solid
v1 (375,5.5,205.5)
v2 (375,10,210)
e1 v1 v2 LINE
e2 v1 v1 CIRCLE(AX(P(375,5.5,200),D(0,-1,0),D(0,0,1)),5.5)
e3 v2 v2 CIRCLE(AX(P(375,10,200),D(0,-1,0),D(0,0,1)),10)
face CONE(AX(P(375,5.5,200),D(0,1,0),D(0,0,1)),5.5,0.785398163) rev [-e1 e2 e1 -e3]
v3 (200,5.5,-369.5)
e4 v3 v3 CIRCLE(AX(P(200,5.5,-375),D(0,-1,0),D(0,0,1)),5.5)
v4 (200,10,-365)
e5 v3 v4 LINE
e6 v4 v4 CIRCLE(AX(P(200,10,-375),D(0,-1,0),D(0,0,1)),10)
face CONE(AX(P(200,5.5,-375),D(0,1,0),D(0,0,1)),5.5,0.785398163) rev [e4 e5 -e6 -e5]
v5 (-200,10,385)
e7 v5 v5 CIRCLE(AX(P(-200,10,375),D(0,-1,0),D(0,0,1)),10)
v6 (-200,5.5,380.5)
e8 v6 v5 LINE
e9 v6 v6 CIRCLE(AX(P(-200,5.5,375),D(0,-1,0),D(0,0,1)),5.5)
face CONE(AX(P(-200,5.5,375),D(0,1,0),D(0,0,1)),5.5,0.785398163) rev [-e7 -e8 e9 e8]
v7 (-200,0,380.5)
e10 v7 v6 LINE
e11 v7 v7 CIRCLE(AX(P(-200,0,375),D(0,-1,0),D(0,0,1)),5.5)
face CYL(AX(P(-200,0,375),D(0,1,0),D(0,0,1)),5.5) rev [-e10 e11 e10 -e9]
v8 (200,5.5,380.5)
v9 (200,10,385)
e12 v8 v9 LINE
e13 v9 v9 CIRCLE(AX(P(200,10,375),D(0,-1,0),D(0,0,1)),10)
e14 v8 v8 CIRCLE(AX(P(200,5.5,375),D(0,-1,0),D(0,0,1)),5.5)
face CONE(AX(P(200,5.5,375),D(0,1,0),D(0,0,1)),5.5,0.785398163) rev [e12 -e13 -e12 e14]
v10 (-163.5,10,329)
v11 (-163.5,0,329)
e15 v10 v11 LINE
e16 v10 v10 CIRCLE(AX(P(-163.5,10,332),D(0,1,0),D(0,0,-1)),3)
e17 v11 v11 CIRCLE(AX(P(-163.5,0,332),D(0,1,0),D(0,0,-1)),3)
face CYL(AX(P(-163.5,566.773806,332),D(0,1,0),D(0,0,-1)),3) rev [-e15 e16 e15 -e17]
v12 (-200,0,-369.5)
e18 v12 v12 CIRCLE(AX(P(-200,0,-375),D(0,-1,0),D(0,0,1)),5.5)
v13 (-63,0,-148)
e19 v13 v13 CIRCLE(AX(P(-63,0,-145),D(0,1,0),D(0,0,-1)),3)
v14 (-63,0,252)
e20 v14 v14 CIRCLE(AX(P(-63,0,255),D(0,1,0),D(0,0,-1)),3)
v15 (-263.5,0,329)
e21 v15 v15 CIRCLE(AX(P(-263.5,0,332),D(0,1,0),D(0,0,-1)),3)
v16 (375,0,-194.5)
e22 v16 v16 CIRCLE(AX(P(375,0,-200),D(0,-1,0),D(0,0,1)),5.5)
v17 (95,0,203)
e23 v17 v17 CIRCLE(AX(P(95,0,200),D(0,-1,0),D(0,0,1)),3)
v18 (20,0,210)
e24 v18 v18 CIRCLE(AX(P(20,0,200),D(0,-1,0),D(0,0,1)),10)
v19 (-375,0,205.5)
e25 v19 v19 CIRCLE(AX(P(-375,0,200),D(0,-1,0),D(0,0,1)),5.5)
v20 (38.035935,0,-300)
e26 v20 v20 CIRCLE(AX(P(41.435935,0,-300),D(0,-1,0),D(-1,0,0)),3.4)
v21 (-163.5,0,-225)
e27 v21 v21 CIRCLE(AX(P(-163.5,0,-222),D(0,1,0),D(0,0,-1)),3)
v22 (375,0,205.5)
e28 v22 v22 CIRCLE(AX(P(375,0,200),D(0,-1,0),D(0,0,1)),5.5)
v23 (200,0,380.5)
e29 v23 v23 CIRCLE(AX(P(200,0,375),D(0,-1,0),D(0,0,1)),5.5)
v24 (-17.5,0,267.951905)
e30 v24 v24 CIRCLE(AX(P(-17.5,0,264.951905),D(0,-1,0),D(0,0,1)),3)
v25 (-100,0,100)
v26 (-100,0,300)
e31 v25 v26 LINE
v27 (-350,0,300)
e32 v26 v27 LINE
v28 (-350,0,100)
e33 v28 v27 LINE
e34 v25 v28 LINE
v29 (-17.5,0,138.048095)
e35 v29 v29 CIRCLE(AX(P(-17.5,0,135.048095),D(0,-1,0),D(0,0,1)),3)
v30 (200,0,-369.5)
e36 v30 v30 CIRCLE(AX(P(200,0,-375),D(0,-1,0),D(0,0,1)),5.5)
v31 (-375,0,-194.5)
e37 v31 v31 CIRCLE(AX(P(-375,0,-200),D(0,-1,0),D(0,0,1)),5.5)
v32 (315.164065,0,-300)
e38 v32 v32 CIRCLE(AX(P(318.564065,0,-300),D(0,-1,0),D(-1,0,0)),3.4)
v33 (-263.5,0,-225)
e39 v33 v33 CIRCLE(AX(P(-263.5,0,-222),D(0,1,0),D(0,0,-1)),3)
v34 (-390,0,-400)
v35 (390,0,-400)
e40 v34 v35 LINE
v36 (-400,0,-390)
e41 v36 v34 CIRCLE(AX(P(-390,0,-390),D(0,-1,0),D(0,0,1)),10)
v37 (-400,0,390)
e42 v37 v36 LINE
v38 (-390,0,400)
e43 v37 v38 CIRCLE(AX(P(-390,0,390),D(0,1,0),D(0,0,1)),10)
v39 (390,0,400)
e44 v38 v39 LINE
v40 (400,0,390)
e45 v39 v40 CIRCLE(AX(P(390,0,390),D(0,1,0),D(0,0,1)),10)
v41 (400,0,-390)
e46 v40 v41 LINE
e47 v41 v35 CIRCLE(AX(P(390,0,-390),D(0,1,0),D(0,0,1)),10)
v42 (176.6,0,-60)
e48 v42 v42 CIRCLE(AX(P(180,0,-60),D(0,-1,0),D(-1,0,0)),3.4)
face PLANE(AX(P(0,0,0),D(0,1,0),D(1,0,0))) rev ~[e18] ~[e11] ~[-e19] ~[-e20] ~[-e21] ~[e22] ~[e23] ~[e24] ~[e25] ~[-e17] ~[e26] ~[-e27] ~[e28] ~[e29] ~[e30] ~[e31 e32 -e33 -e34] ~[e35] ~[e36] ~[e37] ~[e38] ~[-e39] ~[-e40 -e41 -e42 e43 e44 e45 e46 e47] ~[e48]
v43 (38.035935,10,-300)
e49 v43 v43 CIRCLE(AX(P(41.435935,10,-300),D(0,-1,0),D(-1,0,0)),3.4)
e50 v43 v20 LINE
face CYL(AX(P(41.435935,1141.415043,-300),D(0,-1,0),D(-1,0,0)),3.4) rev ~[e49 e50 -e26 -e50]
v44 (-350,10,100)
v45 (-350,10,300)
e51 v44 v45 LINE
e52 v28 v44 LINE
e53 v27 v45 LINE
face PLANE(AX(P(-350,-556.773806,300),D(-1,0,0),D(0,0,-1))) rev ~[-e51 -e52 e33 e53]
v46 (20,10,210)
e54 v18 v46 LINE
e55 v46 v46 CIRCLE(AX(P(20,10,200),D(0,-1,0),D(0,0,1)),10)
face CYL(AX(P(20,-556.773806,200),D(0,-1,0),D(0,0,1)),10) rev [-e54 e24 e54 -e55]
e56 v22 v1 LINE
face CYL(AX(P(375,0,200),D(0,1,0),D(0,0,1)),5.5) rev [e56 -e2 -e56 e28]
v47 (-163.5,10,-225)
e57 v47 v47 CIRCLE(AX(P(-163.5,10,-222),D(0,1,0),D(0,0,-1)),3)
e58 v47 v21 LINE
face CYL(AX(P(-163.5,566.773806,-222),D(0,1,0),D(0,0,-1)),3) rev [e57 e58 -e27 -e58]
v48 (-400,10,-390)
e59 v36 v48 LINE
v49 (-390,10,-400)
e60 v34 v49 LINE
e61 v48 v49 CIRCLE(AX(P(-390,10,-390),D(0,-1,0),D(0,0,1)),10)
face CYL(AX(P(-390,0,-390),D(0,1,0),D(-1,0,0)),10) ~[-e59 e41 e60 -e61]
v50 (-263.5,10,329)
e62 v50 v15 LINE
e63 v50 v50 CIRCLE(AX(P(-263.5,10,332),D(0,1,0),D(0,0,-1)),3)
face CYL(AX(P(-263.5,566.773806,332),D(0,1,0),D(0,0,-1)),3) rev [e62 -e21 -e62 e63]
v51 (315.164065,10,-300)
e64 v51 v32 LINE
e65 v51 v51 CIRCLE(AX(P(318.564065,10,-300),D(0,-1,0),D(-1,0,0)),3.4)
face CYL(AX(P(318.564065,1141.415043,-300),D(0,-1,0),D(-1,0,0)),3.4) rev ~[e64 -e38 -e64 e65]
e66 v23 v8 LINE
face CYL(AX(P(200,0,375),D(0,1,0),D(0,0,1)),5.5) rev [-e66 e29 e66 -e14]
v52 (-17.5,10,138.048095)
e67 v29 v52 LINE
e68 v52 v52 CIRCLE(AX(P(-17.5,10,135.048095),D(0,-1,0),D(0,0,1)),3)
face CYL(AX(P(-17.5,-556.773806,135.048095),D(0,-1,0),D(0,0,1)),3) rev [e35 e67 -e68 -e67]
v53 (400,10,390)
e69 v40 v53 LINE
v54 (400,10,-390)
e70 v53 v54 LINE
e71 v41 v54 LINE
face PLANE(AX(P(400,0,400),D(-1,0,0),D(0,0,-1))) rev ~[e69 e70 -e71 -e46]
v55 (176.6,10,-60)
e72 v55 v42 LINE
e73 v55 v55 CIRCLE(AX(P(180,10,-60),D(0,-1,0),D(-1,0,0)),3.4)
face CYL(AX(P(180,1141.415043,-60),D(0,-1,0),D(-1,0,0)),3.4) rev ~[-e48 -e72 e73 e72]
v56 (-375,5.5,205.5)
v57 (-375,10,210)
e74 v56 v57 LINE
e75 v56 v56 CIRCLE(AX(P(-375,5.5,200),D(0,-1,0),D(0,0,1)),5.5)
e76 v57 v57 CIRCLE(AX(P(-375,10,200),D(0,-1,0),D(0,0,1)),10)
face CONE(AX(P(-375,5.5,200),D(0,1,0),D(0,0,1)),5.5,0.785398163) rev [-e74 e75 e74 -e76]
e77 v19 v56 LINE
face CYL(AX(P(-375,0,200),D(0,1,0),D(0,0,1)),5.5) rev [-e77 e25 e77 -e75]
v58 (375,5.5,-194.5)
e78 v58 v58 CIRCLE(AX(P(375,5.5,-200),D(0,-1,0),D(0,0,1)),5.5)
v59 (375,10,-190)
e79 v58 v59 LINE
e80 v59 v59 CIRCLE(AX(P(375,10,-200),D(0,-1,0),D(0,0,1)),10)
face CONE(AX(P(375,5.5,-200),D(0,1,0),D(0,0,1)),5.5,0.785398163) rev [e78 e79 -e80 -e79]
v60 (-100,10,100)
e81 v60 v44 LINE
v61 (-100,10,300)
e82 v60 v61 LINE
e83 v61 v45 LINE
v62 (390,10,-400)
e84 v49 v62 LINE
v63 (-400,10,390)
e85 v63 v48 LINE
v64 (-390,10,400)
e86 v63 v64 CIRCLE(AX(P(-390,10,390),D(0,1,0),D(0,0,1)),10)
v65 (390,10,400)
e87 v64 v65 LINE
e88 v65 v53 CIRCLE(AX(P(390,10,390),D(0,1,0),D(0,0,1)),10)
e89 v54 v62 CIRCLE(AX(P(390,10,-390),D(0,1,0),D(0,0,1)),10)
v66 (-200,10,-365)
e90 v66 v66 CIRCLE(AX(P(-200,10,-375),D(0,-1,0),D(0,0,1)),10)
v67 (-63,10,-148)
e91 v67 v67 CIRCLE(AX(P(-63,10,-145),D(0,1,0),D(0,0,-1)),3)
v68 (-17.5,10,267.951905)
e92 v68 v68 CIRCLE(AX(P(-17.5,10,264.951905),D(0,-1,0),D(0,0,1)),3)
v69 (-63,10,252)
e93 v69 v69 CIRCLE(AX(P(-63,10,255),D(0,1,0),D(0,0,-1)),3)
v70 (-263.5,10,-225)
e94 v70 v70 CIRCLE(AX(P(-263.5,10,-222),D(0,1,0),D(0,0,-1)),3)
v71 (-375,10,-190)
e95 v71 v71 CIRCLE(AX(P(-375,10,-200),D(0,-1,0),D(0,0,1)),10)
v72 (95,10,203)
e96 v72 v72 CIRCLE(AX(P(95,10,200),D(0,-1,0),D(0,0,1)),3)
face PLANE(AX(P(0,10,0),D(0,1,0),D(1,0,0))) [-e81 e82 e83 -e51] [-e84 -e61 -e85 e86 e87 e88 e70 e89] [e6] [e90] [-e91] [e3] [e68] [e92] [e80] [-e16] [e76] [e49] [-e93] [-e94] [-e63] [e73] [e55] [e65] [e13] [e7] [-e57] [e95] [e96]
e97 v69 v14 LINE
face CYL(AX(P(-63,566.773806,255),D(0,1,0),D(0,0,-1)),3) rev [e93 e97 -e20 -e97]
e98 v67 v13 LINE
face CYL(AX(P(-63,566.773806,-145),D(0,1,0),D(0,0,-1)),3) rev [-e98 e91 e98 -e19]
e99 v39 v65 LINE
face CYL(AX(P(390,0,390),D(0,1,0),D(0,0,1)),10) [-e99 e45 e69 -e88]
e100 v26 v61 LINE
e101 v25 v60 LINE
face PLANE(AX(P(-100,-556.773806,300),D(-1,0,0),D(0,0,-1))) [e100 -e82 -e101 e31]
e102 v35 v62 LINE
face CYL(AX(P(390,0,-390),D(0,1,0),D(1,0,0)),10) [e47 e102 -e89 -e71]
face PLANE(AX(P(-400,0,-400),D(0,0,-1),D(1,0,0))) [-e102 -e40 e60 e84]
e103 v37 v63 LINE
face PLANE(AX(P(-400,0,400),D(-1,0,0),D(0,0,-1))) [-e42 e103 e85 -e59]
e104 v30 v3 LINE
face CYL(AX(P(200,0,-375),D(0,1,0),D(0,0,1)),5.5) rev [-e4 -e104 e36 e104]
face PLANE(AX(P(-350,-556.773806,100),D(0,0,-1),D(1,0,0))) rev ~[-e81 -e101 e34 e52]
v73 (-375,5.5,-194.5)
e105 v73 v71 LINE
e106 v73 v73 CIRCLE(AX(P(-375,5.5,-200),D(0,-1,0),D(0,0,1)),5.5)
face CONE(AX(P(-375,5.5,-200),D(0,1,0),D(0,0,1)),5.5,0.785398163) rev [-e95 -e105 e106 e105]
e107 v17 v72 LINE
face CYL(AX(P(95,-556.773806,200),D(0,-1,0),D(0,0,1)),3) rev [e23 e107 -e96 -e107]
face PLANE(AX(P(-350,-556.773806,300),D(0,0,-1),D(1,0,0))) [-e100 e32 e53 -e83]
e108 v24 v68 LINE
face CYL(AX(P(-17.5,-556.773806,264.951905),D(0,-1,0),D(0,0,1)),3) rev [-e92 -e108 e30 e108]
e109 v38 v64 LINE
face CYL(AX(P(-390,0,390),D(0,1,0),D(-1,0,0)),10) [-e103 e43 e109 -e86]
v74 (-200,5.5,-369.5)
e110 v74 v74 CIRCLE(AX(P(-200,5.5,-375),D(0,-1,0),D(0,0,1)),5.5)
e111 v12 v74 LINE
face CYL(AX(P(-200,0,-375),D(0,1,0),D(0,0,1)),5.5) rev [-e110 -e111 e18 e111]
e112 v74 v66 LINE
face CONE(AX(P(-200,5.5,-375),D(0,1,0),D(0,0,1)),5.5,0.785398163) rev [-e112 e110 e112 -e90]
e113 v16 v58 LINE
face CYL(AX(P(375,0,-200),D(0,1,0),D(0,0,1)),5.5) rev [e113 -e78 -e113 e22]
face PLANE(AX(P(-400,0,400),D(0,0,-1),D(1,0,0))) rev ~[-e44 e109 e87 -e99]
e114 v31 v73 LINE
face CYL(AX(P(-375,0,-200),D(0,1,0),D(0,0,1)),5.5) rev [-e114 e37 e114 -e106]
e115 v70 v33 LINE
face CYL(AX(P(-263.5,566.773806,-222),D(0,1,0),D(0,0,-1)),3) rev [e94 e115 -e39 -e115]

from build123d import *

# Parameters (mm, degrees)
SKETCH1_W                                    = 800
SKETCH1_H                                    = 800
BOSS_EXTRUDE1_DEPTH                          = 10
FILLET1_R                                    = 10
CUT_EXTRUDE1_DEPTH                           = 566.773806393
CUT_EXTRUDE1_DEPTH_BACK                      = 566.773806393
SKETCH2_R                                    = 10
SKETCH2_W                                    = 250
SKETCH2_H                                    = 200
CUT_EXTRUDE5_DEPTH                           = 566.773806393
CUT_EXTRUDE5_DEPTH_BACK                      = 566.773806393
SKETCH6_R                                    = 3
CUT_EXTRUDE6_DEPTH                           = 566.773806393
CUT_EXTRUDE6_DEPTH_BACK                      = 566.773806393
SKETCH7_R                                    = 3
CSK_FOR_M10_COUNTERSUNK_FLAT_HEAD_SC_2_COUNT = 2
CSK_FOR_M10_COUNTERSUNK_FLAT_HEAD_SC_2_PITCH = 400
CSK_FOR_M10_COUNTERSUNK_FLAT_HEAD_SC_3_COUNT = 2
CSK_FOR_M10_COUNTERSUNK_FLAT_HEAD_SC_3_PITCH = 247.487373415
CSK_FOR_M10_COUNTERSUNK_FLAT_HEAD_SC_4_COUNT = 2
CSK_FOR_M10_COUNTERSUNK_FLAT_HEAD_SC_4_PITCH = 601.040764009
CSK_FOR_M10_COUNTERSUNK_FLAT_HEAD_SC_5_COUNT = 2
CSK_FOR_M10_COUNTERSUNK_FLAT_HEAD_SC_5_PITCH = 750
CSK_FOR_M10_COUNTERSUNK_FLAT_HEAD_SC_6_COUNT = 2
CSK_FOR_M10_COUNTERSUNK_FLAT_HEAD_SC_6_PITCH = 850
CSK_FOR_M10_COUNTERSUNK_FLAT_HEAD_SC_7_COUNT = 2
CSK_FOR_M10_COUNTERSUNK_FLAT_HEAD_SC_7_PITCH = 813.172798365
CSK_FOR_M10_COUNTERSUNK_FLAT_HEAD_SC_8_COUNT = 2
CSK_FOR_M10_COUNTERSUNK_FLAT_HEAD_SC_8_PITCH = 601.040764009
M8_TAPPED_HOLE2_D                            = 6.8


with BuildPart() as part:
    # Sketch1 → Boss-Extrude1 (new body)
    with BuildSketch(Plane(origin=(0, 0, 0), x_dir=(1, 0, 0), z_dir=(0, 1, 0))):
        Rectangle(SKETCH1_W, SKETCH1_H)
    extrude(amount=BOSS_EXTRUDE1_DEPTH)

    # Fillet1
    fillet1_edges = [part.edges().sort_by_distance(p)[0] for p in [
        (400, 5, 400),
        (-400, 5, 400),
        (-400, 5, -400),
        (400, 5, -400),
    ]]
    fillet(fillet1_edges, radius=FILLET1_R)

    # Sketch2 → Cut-Extrude1 (cut, two sides: drawn at the far end of the back side and taken through both)
    with BuildSketch(Plane(origin=(0, 10, 0), x_dir=(1, 0, 0), z_dir=(0, 1, 0)).offset(-CUT_EXTRUDE1_DEPTH_BACK)):
        with Locations(Location((20, -200, 0), (0, 0, 270))):
            Circle(SKETCH2_R)
        with Locations((-225, -200)):
            Rectangle(SKETCH2_W, SKETCH2_H)
    extrude(amount=CUT_EXTRUDE1_DEPTH + CUT_EXTRUDE1_DEPTH_BACK, mode=Mode.SUBTRACT)

    # Sketch6 → Cut-Extrude5 (cut, two sides: drawn at the far end of the back side and taken through both)
    with BuildSketch(Plane(origin=(0, 10, 0), x_dir=(1, 0, 0), z_dir=(0, 1, 0)).offset(-CUT_EXTRUDE5_DEPTH_BACK)):
        with Locations(Location((-17.5, -135.048094716, 0), (0, 0, 270))):
            Circle(SKETCH6_R)
        with Locations(Location((-17.5, -264.951905284, 0), (0, 0, 270))):
            Circle(SKETCH6_R)
        with Locations(Location((95, -200, 0), (0, 0, 270))):
            Circle(SKETCH6_R)
    extrude(amount=CUT_EXTRUDE5_DEPTH + CUT_EXTRUDE5_DEPTH_BACK, mode=Mode.SUBTRACT)

    # Sketch7 → Cut-Extrude6 (cut, two sides: drawn at the far end of the back side and taken through both)
    with BuildSketch(Plane.XZ.offset(-CUT_EXTRUDE6_DEPTH_BACK)):
        with Locations(Location((-263.5, 332, 0), (0, 0, 270))):
            Circle(SKETCH7_R)
        with Locations(Location((-163.5, 332, 0), (0, 0, 270))):
            Circle(SKETCH7_R)
        with Locations(Location((-63, 255, 0), (0, 0, 270))):
            Circle(SKETCH7_R)
        with Locations(Location((-63, -145, 0), (0, 0, 270))):
            Circle(SKETCH7_R)
        with Locations(Location((-163.5, -222, 0), (0, 0, 270))):
            Circle(SKETCH7_R)
        with Locations(Location((-263.5, -222, 0), (0, 0, 270))):
            Circle(SKETCH7_R)
    extrude(amount=CUT_EXTRUDE6_DEPTH + CUT_EXTRUDE6_DEPTH_BACK, mode=Mode.SUBTRACT)

    # Sketch12 → CSK for M10 Countersunk Flat Head Screw2 (revolve, cut)
    with BuildSketch(Plane(origin=(200, 10, -375), x_dir=(0, 0, 1), z_dir=(1, 0, 0))):
        Polygon((0, 0), (0, 10), (5.5, 10), (5.5, 4.5), (10, 0), align=None)
    csk_for_m10_countersunk_flat_head_screw2 = revolve(axis=Axis((200, 16.35, -375), (0, -1, 0)), mode=Mode.SUBTRACT)

    # CSK for M10 Countersunk Flat Head Sc 2: CSK for M10 Countersunk Flat Head Screw2 ×2
    with Locations(*[(-i * CSK_FOR_M10_COUNTERSUNK_FLAT_HEAD_SC_2_PITCH, 0, 0) for i in range(1, CSK_FOR_M10_COUNTERSUNK_FLAT_HEAD_SC_2_COUNT)]):
        add(csk_for_m10_countersunk_flat_head_screw2, mode=Mode.SUBTRACT)

    # CSK for M10 Countersunk Flat Head Sc 3: CSK for M10 Countersunk Flat Head Screw2 ×2
    with Locations(*[Vector(0.7071067811865477, 0, 0.7071067811865475) * (i * CSK_FOR_M10_COUNTERSUNK_FLAT_HEAD_SC_3_PITCH) for i in range(1, CSK_FOR_M10_COUNTERSUNK_FLAT_HEAD_SC_3_COUNT)]):
        add(csk_for_m10_countersunk_flat_head_screw2, mode=Mode.SUBTRACT)

    # CSK for M10 Countersunk Flat Head Sc 4: CSK for M10 Countersunk Flat Head Screw2 ×2
    with Locations(*[Vector(0.29116161578269617, 0, 0.9566738804288585) * (i * CSK_FOR_M10_COUNTERSUNK_FLAT_HEAD_SC_4_PITCH) for i in range(1, CSK_FOR_M10_COUNTERSUNK_FLAT_HEAD_SC_4_COUNT)]):
        add(csk_for_m10_countersunk_flat_head_screw2, mode=Mode.SUBTRACT)

    # CSK for M10 Countersunk Flat Head Sc 5: CSK for M10 Countersunk Flat Head Screw2 ×2
    with Locations(*[(0, 0, i * CSK_FOR_M10_COUNTERSUNK_FLAT_HEAD_SC_5_PITCH) for i in range(1, CSK_FOR_M10_COUNTERSUNK_FLAT_HEAD_SC_5_COUNT)]):
        add(csk_for_m10_countersunk_flat_head_screw2, mode=Mode.SUBTRACT)

    # CSK for M10 Countersunk Flat Head Sc 6: CSK for M10 Countersunk Flat Head Screw2 ×2
    with Locations(*[Vector(-0.47058823529411764, 0, 0.8823529411764706) * (i * CSK_FOR_M10_COUNTERSUNK_FLAT_HEAD_SC_6_PITCH) for i in range(1, CSK_FOR_M10_COUNTERSUNK_FLAT_HEAD_SC_6_COUNT)]):
        add(csk_for_m10_countersunk_flat_head_screw2, mode=Mode.SUBTRACT)

    # CSK for M10 Countersunk Flat Head Sc 7: CSK for M10 Countersunk Flat Head Screw2 ×2
    with Locations(*[Vector(-0.7071067811865476, 0, 0.7071067811865476) * (i * CSK_FOR_M10_COUNTERSUNK_FLAT_HEAD_SC_7_PITCH) for i in range(1, CSK_FOR_M10_COUNTERSUNK_FLAT_HEAD_SC_7_COUNT)]):
        add(csk_for_m10_countersunk_flat_head_screw2, mode=Mode.SUBTRACT)

    # CSK for M10 Countersunk Flat Head Sc 8: CSK for M10 Countersunk Flat Head Screw2 ×2
    with Locations(*[Vector(-0.9566738804288585, 0, 0.291161615782696) * (i * CSK_FOR_M10_COUNTERSUNK_FLAT_HEAD_SC_8_PITCH) for i in range(1, CSK_FOR_M10_COUNTERSUNK_FLAT_HEAD_SC_8_COUNT)]):
        add(csk_for_m10_countersunk_flat_head_screw2, mode=Mode.SUBTRACT)

    # M8 Tapped Hole2 (through all)
    with Locations(Plane(origin=(0, 10, 0), x_dir=(1, 0, 0), z_dir=(0, 1, 0))):
        with Locations((180, 60), (41.435935394, 300), (318.564064606, 300)):
            Hole(M8_TAPPED_HOLE2_D / 2)


solid = part.part
